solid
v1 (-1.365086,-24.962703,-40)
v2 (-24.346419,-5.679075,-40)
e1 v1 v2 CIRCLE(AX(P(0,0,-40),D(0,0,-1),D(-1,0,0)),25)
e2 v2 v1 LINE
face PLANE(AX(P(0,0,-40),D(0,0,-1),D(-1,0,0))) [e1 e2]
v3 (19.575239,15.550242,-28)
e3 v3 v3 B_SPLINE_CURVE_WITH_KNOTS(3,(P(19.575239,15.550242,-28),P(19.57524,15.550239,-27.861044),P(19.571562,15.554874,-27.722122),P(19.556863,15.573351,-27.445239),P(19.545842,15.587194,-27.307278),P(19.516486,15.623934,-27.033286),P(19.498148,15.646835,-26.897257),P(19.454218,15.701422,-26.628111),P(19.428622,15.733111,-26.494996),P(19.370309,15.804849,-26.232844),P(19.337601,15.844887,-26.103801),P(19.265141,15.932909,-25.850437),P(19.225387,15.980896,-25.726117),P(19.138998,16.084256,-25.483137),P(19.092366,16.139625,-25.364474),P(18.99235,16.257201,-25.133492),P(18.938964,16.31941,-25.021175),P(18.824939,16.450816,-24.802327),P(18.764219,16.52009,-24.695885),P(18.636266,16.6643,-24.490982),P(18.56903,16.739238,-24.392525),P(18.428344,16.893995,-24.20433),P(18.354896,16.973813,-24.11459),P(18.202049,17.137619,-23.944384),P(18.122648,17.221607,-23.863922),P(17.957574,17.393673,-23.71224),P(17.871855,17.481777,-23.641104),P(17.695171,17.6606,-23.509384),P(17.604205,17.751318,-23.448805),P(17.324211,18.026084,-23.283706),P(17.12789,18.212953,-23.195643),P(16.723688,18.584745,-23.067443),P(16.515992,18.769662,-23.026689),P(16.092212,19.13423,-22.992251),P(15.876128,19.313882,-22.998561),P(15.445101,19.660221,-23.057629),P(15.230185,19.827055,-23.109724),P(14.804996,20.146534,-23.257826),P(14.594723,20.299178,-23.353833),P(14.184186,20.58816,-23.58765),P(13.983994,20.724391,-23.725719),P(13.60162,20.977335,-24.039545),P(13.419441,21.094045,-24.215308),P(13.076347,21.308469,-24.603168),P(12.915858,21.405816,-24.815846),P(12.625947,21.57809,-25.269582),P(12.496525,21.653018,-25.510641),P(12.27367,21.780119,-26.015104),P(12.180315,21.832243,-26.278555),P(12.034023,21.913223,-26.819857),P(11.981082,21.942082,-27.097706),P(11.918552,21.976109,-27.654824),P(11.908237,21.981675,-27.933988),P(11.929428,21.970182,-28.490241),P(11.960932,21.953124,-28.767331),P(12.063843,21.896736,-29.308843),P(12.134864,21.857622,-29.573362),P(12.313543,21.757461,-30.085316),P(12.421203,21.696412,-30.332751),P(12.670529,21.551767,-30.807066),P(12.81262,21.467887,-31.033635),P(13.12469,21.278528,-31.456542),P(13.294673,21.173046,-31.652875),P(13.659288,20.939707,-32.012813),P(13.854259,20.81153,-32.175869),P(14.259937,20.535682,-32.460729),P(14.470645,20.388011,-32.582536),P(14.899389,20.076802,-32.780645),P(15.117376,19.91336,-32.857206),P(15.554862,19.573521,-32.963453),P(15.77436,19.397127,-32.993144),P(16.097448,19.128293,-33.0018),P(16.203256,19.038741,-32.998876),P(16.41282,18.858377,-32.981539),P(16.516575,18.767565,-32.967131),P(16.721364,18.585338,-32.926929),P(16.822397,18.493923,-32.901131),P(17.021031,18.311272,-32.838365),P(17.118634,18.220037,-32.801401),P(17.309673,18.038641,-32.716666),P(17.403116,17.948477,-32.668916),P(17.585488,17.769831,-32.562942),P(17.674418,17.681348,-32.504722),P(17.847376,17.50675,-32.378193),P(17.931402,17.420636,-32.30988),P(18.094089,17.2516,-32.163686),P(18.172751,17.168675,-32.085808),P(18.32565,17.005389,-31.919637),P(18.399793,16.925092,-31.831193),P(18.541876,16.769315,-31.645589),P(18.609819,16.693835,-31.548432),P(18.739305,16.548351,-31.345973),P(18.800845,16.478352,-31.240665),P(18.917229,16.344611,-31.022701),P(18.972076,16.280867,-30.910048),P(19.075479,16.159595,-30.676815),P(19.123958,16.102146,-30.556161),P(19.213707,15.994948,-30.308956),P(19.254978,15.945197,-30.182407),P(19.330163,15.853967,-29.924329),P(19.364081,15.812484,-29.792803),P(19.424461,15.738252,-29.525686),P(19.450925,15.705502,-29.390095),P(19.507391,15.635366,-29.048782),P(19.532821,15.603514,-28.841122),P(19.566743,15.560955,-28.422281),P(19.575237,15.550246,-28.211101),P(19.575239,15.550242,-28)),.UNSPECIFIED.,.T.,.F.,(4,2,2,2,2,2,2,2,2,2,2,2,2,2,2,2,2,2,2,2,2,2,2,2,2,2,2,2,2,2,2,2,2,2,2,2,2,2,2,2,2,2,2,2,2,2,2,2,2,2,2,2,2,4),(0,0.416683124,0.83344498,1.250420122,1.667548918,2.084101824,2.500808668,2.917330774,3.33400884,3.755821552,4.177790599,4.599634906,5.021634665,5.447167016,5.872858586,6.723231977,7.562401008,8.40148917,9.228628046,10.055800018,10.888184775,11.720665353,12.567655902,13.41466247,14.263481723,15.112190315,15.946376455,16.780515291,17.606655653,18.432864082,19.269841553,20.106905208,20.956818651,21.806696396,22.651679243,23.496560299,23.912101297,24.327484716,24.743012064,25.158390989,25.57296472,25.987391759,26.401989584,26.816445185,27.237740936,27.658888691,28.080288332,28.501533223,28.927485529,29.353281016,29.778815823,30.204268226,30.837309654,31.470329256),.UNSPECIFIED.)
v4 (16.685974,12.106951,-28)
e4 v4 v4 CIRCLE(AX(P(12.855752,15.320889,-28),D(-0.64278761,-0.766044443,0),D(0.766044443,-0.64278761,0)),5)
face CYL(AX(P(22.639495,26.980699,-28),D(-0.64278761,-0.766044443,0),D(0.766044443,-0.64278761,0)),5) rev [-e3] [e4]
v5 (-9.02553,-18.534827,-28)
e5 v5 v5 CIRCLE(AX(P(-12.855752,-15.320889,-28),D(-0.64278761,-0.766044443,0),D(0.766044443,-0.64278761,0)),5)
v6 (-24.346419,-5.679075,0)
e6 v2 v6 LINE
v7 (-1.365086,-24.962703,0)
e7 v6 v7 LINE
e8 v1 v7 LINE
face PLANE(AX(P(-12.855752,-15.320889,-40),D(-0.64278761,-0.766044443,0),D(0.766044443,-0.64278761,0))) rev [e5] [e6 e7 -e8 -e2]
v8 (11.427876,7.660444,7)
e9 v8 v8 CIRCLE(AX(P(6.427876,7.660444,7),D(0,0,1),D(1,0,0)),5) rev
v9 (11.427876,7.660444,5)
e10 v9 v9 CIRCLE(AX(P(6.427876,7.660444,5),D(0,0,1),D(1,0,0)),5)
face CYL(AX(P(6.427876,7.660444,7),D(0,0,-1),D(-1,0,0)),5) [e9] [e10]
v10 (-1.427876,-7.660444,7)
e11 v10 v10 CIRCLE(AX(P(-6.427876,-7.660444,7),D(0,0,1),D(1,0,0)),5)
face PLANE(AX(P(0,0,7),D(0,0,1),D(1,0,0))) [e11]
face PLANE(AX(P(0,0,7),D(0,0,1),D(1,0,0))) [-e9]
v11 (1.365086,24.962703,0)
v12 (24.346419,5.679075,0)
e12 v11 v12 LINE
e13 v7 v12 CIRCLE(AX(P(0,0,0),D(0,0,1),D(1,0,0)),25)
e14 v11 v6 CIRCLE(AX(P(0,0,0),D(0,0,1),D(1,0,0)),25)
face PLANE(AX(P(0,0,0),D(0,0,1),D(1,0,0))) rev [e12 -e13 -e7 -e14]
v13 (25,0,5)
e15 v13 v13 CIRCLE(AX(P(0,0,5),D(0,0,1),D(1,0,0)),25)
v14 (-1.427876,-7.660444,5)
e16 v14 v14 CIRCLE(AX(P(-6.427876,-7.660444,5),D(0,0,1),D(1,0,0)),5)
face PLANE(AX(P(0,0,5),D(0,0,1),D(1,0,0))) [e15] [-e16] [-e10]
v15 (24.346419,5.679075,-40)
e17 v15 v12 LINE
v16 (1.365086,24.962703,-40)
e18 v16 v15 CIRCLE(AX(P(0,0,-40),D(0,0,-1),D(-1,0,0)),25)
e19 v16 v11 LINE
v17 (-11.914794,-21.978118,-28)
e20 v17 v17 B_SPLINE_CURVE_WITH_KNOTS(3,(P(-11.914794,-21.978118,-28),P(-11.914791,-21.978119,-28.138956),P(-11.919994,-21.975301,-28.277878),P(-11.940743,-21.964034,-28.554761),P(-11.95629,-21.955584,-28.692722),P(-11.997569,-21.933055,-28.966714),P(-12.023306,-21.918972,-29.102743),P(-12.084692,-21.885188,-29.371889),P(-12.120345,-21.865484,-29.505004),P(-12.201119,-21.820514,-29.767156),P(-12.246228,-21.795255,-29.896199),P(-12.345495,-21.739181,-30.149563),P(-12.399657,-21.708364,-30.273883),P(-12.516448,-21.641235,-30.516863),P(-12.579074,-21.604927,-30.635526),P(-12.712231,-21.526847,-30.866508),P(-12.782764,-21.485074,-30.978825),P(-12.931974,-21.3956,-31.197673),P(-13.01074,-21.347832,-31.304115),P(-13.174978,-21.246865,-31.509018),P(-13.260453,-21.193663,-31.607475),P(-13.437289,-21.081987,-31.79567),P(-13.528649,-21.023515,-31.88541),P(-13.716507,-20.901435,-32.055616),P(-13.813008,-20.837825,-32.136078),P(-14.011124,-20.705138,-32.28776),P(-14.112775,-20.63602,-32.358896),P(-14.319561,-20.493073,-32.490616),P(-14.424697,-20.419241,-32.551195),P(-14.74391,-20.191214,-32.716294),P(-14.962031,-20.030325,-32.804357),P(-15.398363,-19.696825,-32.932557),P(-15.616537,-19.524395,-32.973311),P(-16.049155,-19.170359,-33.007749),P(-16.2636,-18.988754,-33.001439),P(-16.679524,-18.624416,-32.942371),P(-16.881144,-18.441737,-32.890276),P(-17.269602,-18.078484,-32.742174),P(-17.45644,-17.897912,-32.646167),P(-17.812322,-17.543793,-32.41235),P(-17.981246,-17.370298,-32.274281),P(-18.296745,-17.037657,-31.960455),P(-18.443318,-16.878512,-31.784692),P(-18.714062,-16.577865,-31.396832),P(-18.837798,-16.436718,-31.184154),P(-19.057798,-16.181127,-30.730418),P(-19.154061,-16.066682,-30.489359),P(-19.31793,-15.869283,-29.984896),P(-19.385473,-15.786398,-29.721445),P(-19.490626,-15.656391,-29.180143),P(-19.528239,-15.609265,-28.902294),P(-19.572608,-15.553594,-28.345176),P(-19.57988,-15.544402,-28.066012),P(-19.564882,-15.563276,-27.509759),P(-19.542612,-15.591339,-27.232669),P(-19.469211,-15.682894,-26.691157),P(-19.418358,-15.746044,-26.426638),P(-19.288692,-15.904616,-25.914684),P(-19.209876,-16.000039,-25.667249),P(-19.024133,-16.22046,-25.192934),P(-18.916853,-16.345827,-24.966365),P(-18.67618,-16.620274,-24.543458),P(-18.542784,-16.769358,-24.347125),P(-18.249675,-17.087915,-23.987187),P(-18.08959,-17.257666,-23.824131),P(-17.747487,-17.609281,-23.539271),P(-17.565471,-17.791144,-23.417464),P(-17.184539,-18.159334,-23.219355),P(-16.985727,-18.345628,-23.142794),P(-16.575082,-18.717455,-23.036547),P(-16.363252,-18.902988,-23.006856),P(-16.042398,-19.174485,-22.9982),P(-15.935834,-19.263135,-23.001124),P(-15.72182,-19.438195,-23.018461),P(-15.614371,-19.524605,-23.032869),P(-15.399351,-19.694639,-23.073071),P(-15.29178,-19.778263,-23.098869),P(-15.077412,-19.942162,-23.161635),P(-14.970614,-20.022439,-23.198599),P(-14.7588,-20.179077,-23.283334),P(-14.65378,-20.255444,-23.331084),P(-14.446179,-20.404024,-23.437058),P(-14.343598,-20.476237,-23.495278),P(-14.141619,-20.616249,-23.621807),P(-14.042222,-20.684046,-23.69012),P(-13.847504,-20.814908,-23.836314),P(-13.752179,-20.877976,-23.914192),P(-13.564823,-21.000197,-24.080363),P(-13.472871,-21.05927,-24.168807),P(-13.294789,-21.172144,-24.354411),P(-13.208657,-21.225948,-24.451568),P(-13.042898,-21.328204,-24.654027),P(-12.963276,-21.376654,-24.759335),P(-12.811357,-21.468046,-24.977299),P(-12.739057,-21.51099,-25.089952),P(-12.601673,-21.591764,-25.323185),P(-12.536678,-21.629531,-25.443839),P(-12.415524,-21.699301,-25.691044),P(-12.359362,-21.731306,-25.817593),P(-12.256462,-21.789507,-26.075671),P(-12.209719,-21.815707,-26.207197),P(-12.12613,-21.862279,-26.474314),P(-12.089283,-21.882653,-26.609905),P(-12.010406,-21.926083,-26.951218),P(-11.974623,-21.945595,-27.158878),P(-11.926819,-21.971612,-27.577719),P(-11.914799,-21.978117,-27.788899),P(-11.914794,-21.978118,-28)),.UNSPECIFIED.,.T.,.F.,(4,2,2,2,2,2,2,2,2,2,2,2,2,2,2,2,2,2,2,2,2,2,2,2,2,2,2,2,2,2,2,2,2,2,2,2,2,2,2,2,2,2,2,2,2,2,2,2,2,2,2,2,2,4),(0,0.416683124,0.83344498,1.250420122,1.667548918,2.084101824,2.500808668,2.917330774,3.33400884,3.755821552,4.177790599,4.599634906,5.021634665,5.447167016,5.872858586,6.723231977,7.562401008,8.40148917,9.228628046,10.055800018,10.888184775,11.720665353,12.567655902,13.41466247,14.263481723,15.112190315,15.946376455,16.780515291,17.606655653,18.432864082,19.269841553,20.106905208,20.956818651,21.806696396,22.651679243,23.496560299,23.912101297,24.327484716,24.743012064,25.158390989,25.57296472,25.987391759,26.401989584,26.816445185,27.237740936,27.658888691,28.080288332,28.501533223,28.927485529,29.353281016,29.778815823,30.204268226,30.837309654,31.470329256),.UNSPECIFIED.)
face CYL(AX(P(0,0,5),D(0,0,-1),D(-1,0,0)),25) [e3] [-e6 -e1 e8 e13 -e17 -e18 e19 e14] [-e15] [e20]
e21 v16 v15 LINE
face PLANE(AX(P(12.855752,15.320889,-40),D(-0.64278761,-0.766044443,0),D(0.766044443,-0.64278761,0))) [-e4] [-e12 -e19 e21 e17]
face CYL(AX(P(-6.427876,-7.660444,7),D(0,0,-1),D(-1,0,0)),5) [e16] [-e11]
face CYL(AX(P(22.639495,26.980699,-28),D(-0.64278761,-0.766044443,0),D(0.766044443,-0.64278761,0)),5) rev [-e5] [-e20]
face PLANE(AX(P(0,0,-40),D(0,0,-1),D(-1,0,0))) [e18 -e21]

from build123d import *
from build123d.topology import SkipClean

# Parameters (mm, degrees)
SKETCH1_R               = 25
BOSS_EXTRUDE1_DEPTH     = 5
SKETCH2_R               = 5
BOSS_EXTRUDE2_DEPTH     = 2
BOSS_EXTRUDE3_START     = 40
BOSS_EXTRUDE3_DEPTH     = 40
CUT_EXTRUDE1_DEPTH      = 69.255637517
CUT_EXTRUDE1_DEPTH_BACK = 69.255637517
SKETCH6_R               = 5


with BuildPart() as part:
    # Sketch1 → Boss-Extrude1 (new body)
    with BuildSketch(Plane.XY):
        Circle(SKETCH1_R)
    extrude(amount=BOSS_EXTRUDE1_DEPTH)

    # Sketch2 → Boss-Extrude2 (add)
    with BuildSketch(Plane.XY.offset(5)):
        with BuildLine():
            ThreePointArc((-1.427876097, -7.660444431), (-4.71777538, -2.961981327), (-10.258098312, -4.446506383))
            Line((-10.258098312, -4.446506383), (-2.597653881, -10.87438248))
            ThreePointArc((-2.597653881, -10.87438248), (-1.729412993, -9.370545148), (-1.427876097, -7.660444431))
        make_face()
        with BuildLine():
            Line((-2.597653881, -10.87438248), (-10.258098312, -4.446506383))
            ThreePointArc((-10.258098312, -4.446506383), (-9.641814145, -11.490666647), (-2.597653881, -10.87438248))
        make_face()
        with Locations((6.427876097, 7.660444431)):
            Circle(SKETCH2_R)
    extrude(amount=BOSS_EXTRUDE2_DEPTH)

    # Sketch3 → Boss-Extrude3 (add)
    with SkipClean():  # the faces are left unmerged after this step: merging them gives an invalid solid
        with BuildSketch(Plane(origin=(0, 0, 0), x_dir=(-1, 0, 0), z_dir=(0, 0, -1)).offset(BOSS_EXTRUDE3_START)):
            with BuildLine():
                Line((-24.346418841, 5.679074717), (-1.365085547, 24.962703008))
                ThreePointArc((-1.365085547, 24.962703008), (-16.069690242, 19.151111078), (-24.346418841, 5.679074717))
            make_face()
            with BuildLine():
                ThreePointArc((1.365085547, -24.962703008), (16.069690242, -19.151111078), (24.346418841, -5.679074717))
                Line((24.346418841, -5.679074717), (1.365085547, -24.962703008))
            make_face()
        extrude(amount=-BOSS_EXTRUDE3_DEPTH)

    # Sketch6 → Cut-Extrude1 (cut, two sides: drawn at the far end of the back side and taken through both)
    with SkipClean():  # the faces are left unmerged after this step: merging them gives an invalid solid
        with BuildSketch(Plane(origin=(12.855752194, 15.320888862, 0), x_dir=(0.7660444431189768, -0.642787609686541, 0), z_dir=(-0.642787609686541, -0.7660444431189768, 0)).offset(-CUT_EXTRUDE1_DEPTH_BACK)):
            with Locations((0, -28)):
                Circle(SKETCH6_R)
        extrude(amount=CUT_EXTRUDE1_DEPTH + CUT_EXTRUDE1_DEPTH_BACK, mode=Mode.SUBTRACT)


solid = part.part
